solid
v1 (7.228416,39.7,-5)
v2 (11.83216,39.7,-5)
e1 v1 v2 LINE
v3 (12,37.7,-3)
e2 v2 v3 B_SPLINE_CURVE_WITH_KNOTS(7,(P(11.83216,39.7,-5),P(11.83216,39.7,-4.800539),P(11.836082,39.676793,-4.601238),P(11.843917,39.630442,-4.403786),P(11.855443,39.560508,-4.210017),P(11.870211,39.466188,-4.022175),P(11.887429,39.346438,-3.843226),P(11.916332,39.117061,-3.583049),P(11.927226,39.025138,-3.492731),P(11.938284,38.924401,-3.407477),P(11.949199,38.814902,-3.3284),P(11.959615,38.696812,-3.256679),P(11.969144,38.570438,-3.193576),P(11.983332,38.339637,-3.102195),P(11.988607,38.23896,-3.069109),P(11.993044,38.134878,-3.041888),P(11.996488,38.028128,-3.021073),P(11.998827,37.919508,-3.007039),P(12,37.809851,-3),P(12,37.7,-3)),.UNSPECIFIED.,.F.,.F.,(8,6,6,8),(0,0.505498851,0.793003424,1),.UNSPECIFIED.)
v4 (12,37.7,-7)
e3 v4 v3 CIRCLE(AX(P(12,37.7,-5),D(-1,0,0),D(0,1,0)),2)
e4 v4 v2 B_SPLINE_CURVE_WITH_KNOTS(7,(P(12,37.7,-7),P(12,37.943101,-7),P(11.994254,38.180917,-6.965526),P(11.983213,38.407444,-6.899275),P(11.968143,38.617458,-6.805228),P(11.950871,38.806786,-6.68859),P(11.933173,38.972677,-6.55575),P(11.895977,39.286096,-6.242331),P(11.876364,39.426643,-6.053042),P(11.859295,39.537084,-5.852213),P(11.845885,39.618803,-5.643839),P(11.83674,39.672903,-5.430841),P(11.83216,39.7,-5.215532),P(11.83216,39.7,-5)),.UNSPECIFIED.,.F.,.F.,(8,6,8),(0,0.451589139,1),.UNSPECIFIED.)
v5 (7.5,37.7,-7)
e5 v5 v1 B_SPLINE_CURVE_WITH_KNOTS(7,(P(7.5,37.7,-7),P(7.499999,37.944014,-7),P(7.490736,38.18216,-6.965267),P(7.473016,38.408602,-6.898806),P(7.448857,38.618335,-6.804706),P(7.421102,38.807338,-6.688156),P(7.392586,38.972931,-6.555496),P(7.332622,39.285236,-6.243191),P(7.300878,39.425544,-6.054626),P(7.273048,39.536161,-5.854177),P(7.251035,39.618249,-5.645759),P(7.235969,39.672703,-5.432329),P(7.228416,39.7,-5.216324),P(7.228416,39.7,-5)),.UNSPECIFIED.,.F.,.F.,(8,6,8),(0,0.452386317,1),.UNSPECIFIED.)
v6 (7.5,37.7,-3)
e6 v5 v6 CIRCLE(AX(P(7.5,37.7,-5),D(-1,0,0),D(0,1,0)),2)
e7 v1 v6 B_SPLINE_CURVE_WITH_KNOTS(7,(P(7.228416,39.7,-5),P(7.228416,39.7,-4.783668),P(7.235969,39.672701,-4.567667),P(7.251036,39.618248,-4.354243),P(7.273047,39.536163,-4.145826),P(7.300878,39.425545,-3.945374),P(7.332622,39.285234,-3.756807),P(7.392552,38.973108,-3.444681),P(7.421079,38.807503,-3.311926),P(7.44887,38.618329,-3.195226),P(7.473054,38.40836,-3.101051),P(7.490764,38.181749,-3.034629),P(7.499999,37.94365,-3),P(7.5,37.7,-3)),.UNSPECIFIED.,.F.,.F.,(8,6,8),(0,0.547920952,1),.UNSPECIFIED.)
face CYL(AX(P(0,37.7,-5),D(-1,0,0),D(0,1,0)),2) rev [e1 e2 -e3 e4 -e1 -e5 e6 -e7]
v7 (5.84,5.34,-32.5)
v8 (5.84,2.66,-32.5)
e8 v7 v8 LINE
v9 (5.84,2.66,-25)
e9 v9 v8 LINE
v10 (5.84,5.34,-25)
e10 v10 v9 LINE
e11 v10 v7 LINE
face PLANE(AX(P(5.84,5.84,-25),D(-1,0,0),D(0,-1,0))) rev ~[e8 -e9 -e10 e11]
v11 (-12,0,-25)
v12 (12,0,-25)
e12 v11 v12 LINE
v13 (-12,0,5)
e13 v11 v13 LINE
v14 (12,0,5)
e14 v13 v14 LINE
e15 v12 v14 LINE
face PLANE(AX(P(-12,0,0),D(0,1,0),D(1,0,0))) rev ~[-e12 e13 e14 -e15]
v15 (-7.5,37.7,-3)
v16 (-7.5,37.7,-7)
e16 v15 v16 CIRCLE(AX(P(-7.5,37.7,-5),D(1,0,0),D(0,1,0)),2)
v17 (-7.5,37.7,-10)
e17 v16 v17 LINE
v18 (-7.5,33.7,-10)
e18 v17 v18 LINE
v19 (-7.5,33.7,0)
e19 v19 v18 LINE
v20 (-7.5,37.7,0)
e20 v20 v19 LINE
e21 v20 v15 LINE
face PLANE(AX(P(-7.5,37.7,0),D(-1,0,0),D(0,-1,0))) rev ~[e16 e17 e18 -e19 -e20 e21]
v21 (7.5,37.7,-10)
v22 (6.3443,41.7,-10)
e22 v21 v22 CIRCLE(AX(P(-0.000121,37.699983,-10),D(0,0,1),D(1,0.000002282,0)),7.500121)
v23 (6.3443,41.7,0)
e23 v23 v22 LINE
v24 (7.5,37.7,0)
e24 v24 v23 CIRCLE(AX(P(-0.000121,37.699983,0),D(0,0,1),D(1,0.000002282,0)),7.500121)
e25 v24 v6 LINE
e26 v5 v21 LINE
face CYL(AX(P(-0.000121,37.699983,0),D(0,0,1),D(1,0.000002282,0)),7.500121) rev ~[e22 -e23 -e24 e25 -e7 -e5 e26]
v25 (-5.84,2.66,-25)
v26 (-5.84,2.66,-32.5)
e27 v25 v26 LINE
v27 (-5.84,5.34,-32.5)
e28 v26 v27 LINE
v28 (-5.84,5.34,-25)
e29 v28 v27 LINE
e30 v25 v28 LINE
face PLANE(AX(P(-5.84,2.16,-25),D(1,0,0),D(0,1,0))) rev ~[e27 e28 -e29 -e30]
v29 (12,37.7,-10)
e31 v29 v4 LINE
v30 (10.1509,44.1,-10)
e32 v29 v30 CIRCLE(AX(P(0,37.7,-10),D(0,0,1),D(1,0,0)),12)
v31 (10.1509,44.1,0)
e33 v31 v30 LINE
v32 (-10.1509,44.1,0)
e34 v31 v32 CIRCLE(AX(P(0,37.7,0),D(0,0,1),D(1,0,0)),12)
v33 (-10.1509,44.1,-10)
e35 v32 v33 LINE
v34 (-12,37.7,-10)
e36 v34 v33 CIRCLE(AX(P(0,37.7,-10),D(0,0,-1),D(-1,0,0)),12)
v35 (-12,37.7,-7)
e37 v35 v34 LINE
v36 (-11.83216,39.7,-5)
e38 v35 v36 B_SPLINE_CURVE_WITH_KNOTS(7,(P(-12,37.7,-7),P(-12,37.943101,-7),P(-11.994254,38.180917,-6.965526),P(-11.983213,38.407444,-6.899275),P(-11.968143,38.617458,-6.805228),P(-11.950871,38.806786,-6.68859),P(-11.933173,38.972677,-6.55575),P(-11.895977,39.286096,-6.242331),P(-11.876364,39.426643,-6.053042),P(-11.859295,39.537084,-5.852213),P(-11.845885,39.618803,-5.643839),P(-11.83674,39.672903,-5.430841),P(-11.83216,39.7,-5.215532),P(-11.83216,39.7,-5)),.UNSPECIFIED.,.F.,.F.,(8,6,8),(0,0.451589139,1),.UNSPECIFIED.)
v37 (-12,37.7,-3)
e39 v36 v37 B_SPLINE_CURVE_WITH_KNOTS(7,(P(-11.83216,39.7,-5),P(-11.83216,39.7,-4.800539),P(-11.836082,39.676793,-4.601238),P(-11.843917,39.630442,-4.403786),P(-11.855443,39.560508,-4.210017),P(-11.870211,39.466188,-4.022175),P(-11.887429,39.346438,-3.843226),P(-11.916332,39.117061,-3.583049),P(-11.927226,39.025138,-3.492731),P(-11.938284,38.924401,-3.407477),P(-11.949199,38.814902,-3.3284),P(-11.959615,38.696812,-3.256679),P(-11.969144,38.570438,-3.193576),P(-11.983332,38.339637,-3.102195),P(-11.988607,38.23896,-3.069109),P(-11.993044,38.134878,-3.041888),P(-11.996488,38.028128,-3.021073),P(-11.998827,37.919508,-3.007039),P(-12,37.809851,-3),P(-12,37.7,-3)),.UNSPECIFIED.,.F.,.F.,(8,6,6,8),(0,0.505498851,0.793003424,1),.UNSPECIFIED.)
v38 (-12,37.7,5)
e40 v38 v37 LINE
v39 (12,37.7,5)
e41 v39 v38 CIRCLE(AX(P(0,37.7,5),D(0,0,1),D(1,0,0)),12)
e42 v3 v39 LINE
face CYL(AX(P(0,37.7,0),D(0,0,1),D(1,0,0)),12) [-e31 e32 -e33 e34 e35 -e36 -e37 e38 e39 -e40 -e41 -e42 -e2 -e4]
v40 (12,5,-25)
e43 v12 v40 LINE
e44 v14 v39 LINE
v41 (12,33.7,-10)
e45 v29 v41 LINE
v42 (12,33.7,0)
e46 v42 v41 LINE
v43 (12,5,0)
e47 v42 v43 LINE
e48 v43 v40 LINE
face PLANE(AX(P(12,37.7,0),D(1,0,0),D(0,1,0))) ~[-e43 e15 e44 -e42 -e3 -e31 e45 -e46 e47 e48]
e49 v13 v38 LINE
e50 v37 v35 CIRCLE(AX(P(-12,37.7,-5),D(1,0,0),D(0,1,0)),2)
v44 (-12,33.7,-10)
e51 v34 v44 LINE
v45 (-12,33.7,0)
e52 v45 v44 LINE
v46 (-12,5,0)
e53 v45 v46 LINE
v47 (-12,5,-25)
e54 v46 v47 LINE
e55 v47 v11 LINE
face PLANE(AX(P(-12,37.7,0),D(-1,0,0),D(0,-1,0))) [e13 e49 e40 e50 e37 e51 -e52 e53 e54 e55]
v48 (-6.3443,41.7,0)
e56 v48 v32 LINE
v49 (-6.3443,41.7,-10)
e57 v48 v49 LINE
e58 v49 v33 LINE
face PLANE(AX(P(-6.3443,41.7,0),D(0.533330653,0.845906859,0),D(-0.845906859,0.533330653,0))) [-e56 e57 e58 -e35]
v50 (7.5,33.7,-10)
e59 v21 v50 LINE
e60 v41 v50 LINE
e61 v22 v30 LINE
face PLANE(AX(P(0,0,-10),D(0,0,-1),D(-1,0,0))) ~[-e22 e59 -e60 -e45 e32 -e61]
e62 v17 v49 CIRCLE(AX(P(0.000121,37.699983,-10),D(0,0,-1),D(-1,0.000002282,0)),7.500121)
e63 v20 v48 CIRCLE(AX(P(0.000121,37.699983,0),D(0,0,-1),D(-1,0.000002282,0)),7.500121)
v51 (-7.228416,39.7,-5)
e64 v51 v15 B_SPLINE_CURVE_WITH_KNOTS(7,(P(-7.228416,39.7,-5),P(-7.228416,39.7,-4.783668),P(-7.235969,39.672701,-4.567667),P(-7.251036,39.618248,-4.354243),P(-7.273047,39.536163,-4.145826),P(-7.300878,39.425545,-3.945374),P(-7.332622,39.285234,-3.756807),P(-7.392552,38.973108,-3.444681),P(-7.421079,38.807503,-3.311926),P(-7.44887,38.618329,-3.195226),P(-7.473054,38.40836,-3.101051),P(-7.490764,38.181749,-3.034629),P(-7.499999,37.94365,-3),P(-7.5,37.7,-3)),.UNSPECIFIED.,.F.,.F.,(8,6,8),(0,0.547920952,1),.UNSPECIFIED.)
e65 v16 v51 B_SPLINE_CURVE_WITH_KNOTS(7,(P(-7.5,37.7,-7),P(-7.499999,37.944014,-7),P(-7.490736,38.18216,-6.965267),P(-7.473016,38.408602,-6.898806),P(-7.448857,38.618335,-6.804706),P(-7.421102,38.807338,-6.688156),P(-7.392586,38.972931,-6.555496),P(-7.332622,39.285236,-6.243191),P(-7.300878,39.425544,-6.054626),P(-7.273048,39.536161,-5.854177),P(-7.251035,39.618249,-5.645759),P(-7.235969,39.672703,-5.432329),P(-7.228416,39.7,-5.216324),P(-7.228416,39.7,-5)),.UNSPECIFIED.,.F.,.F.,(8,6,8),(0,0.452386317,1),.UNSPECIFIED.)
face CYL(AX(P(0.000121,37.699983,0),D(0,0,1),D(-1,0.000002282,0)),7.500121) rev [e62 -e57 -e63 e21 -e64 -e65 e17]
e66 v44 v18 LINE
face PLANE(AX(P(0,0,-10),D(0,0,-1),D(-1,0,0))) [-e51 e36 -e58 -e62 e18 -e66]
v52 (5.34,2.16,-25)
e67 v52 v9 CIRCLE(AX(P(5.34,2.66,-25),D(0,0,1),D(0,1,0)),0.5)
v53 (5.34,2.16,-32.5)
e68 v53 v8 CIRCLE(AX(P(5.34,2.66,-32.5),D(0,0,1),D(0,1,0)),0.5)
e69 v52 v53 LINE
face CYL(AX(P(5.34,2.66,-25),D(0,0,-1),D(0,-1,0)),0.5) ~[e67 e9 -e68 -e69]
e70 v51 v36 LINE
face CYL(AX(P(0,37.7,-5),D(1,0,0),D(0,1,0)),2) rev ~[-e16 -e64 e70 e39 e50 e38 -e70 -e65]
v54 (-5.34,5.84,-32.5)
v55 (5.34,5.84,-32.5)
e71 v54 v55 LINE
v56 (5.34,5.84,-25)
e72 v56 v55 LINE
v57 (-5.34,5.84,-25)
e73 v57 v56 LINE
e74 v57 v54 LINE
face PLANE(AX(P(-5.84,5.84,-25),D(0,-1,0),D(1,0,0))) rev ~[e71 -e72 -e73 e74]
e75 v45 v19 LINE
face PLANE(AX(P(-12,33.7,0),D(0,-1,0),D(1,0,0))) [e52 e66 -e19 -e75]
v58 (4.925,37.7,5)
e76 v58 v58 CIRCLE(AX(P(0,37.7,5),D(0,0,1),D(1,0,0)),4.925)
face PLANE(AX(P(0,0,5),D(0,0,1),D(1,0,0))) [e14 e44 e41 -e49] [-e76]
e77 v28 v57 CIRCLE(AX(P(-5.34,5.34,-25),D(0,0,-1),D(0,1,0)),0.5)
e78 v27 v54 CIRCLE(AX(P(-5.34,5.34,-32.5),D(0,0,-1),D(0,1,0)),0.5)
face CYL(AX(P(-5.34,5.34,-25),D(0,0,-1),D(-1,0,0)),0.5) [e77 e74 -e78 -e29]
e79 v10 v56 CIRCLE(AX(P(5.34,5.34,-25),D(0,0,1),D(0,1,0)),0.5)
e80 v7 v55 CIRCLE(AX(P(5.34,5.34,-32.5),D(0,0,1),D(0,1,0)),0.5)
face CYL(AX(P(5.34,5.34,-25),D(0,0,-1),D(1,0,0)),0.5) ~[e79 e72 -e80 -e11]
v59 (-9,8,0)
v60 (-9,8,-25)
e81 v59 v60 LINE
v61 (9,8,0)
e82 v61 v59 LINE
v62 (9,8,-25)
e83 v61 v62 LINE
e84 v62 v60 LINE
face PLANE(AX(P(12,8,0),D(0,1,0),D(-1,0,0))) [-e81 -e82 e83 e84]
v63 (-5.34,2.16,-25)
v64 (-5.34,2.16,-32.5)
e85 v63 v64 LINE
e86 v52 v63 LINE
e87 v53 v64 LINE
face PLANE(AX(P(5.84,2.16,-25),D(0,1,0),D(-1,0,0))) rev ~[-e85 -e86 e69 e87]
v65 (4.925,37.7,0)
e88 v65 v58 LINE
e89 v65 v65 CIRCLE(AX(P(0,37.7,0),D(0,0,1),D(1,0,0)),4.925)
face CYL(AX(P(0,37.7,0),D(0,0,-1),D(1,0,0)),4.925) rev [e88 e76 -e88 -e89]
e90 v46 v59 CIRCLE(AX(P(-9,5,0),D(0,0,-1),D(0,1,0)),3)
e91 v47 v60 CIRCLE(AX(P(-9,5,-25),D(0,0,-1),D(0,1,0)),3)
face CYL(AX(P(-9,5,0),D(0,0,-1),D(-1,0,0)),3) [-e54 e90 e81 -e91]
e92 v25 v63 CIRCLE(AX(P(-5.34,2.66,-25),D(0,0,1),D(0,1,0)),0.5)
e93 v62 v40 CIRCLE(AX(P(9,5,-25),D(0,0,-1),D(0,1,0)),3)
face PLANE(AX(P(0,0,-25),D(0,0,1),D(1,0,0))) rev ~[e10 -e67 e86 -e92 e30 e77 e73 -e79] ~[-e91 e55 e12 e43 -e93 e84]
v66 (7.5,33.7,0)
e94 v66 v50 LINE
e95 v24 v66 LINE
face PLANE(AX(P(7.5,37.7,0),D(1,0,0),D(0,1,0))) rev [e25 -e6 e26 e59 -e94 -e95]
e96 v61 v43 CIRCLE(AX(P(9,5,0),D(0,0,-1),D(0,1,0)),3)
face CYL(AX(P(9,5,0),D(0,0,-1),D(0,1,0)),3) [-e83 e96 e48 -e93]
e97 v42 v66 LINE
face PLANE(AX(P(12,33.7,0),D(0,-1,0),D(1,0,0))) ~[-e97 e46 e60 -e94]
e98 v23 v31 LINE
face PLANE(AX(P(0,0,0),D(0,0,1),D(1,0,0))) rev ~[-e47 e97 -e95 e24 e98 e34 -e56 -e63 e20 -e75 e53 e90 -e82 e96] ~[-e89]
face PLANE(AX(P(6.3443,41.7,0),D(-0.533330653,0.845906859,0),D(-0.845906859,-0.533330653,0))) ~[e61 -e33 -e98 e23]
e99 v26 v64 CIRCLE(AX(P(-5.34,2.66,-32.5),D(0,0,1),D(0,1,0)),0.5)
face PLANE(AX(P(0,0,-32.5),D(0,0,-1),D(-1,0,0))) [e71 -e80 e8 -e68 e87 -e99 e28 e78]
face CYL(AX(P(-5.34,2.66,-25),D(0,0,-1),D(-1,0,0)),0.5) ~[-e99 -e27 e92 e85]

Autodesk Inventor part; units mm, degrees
ref_plane "YZ Plane" through (0, 0, 0) normal (1, 0, 0) x (0, 1, 0)
ref_plane "XZ Plane" through (0, 0, 0) normal (0, 1, 0) x (-1, 0, 0)
ref_plane "XY Plane" through (0, 0, 0) normal (0, 0, 1) x (1, 0, 0)
sketch "Sketch1" plane through (0, 0, 0) normal (0, 0, 1) x (1, 0, 0)
  line L0 (-12, 0) -> (12, 0)
  line L1 (12, 0) -> (12, 37.7)
  arc A0 (12, 37.7) -> (-12, 37.7) centre (0, 37.7) ccw
  line L2 (-12, 37.7) -> (-12, 0)
  circle A1 centre (0, 37.7) radius 4.925
  line L3 (12, 8) -> (-12, 8)
  line L4 (6, 6) -> (-6, 6) construction
  line L5 (-6, 6) -> (-6, 2) construction
  line L6 (-6, 2) -> (6, 2) construction
  line L7 (6, 2) -> (6, 6) construction
  line L8 (-5.84, 2.16) -> (-5.84, 5.84)
  line L9 (-5.84, 5.84) -> (5.84, 5.84)
  line L10 (5.84, 5.84) -> (5.84, 2.16)
  line L11 (5.84, 2.16) -> (-5.84, 2.16)
  point P0 (0, 0)
  point P1 (0, 0)
  point P2 (0, 2)
  dimension "d0" = 24
  dimension "d1" = 37.7
  dimension "d2" = 9.85
  dimension "d5" = 8
  dimension "d6" = 2
  dimension "d7" = 4
  dimension "d8" = 12
  dimension "d9" = 0.16
extrude "Extrusion1" add sketch "Sketch1" along normal blind 5 contours L2 L3 L1 L0 | L2 A0 L1 L3 | L8 L9 L10 L11
extrude "Extrusion2" add sketch "Sketch1" against normal blind 25 contours L2 L3 L1 L0 | L8 L9 L10 L11
sketch "Sketch3" plane through (0, 0, -25) normal (0, 0, -1) x (-1, 0, 0)
  line L0 (-5.84, 5.84) -> (-5.84, 2.16) projected
  line L1 (5.84, 5.84) -> (-5.84, 5.84) projected
  line L2 (5.84, 2.16) -> (5.84, 5.84) projected
  line L3 (-5.84, 2.16) -> (5.84, 2.16) projected
  point P0 (0, 0)
extrude "Extrusion3" add sketch "Sketch3" along normal blind 7.5
fillet "Fillet1" radius 0.5 4 edges at (-5.84, 5.84, -28.75) (-5.84, 2.16, -28.75) (5.84, 2.16, -28.75) (5.84, 5.84, -28.75)
fillet "Fillet2" radius 3 2 edges at (-12, 8, -12.5) (12, 8, -12.5)
sketch "Sketch4" plane through (0, 0, 0) normal (0, 0, -1) x (-1, 0, 0)
  line L0 (0, 41.7) -> (17.7659, 41.7) construction
  line L1 (17.7659, 41.7) -> (17.7659, 33.7) construction
  line L2 (17.7659, 33.7) -> (12, 33.7) construction
  line L3 (0, 33.7) -> (0, 41.7) construction
  arc A0 (12, 37.7) -> (-12, 37.7) centre (0, 37.7) ccw projected
  line L4 (12, 37.7) -> (12, 0) projected
  arc A1 (7.5, 37.7) -> (6.3443, 41.7) centre (0, 37.7) ccw
  line L5 (7.5, 37.7) -> (7.5, 33.7)
  line L6 (6.3443, 41.7) -> (10.1509, 44.1)
  line L7 (7.5, 33.7) -> (0, 33.7) construction
  line L8 (12, 33.7) -> (7.5, 33.7)
  arc A2 (6.3443, 41.7) -> (-7.5, 37.7) centre (0, 37.7) ccw construction
  line L9 (7.5, 33.7) -> (7.5, 0) construction
  point P0 (0, 0)
  point P1 (17.7659, 37.7)
  dimension "d16" = 8
  dimension "d17" = 4.5
extrude "Extrusion4" add sketch "Sketch4" along normal blind 10
mirror "Mirror1" about plane through (0, 0, 0) normal (1, 0, 0) of "Extrusion4"
sketch "Sketch5" plane through (0, 0, 0) normal (1, 0, 0) x (0, 1, 0)
  line L0 (32.775, 5) -> (42.625, 5) projected
  line L1 (42.625, 0) -> (32.775, 0) projected
  circle A0 centre (37.7, -5) radius 2
  line L2 (41.7, 0) -> (41.7, -10) projected
  point P0 (0, 0)
  point P1 (41.7, -5)
  point P2 (37.7, 5)
  dimension "d20" = 4
extrude "Extrusion5" cut sketch "Sketch5" along normal through all both and the other way through all
properties part number "Casing Attachment MH" material "Aluminum 6061"
